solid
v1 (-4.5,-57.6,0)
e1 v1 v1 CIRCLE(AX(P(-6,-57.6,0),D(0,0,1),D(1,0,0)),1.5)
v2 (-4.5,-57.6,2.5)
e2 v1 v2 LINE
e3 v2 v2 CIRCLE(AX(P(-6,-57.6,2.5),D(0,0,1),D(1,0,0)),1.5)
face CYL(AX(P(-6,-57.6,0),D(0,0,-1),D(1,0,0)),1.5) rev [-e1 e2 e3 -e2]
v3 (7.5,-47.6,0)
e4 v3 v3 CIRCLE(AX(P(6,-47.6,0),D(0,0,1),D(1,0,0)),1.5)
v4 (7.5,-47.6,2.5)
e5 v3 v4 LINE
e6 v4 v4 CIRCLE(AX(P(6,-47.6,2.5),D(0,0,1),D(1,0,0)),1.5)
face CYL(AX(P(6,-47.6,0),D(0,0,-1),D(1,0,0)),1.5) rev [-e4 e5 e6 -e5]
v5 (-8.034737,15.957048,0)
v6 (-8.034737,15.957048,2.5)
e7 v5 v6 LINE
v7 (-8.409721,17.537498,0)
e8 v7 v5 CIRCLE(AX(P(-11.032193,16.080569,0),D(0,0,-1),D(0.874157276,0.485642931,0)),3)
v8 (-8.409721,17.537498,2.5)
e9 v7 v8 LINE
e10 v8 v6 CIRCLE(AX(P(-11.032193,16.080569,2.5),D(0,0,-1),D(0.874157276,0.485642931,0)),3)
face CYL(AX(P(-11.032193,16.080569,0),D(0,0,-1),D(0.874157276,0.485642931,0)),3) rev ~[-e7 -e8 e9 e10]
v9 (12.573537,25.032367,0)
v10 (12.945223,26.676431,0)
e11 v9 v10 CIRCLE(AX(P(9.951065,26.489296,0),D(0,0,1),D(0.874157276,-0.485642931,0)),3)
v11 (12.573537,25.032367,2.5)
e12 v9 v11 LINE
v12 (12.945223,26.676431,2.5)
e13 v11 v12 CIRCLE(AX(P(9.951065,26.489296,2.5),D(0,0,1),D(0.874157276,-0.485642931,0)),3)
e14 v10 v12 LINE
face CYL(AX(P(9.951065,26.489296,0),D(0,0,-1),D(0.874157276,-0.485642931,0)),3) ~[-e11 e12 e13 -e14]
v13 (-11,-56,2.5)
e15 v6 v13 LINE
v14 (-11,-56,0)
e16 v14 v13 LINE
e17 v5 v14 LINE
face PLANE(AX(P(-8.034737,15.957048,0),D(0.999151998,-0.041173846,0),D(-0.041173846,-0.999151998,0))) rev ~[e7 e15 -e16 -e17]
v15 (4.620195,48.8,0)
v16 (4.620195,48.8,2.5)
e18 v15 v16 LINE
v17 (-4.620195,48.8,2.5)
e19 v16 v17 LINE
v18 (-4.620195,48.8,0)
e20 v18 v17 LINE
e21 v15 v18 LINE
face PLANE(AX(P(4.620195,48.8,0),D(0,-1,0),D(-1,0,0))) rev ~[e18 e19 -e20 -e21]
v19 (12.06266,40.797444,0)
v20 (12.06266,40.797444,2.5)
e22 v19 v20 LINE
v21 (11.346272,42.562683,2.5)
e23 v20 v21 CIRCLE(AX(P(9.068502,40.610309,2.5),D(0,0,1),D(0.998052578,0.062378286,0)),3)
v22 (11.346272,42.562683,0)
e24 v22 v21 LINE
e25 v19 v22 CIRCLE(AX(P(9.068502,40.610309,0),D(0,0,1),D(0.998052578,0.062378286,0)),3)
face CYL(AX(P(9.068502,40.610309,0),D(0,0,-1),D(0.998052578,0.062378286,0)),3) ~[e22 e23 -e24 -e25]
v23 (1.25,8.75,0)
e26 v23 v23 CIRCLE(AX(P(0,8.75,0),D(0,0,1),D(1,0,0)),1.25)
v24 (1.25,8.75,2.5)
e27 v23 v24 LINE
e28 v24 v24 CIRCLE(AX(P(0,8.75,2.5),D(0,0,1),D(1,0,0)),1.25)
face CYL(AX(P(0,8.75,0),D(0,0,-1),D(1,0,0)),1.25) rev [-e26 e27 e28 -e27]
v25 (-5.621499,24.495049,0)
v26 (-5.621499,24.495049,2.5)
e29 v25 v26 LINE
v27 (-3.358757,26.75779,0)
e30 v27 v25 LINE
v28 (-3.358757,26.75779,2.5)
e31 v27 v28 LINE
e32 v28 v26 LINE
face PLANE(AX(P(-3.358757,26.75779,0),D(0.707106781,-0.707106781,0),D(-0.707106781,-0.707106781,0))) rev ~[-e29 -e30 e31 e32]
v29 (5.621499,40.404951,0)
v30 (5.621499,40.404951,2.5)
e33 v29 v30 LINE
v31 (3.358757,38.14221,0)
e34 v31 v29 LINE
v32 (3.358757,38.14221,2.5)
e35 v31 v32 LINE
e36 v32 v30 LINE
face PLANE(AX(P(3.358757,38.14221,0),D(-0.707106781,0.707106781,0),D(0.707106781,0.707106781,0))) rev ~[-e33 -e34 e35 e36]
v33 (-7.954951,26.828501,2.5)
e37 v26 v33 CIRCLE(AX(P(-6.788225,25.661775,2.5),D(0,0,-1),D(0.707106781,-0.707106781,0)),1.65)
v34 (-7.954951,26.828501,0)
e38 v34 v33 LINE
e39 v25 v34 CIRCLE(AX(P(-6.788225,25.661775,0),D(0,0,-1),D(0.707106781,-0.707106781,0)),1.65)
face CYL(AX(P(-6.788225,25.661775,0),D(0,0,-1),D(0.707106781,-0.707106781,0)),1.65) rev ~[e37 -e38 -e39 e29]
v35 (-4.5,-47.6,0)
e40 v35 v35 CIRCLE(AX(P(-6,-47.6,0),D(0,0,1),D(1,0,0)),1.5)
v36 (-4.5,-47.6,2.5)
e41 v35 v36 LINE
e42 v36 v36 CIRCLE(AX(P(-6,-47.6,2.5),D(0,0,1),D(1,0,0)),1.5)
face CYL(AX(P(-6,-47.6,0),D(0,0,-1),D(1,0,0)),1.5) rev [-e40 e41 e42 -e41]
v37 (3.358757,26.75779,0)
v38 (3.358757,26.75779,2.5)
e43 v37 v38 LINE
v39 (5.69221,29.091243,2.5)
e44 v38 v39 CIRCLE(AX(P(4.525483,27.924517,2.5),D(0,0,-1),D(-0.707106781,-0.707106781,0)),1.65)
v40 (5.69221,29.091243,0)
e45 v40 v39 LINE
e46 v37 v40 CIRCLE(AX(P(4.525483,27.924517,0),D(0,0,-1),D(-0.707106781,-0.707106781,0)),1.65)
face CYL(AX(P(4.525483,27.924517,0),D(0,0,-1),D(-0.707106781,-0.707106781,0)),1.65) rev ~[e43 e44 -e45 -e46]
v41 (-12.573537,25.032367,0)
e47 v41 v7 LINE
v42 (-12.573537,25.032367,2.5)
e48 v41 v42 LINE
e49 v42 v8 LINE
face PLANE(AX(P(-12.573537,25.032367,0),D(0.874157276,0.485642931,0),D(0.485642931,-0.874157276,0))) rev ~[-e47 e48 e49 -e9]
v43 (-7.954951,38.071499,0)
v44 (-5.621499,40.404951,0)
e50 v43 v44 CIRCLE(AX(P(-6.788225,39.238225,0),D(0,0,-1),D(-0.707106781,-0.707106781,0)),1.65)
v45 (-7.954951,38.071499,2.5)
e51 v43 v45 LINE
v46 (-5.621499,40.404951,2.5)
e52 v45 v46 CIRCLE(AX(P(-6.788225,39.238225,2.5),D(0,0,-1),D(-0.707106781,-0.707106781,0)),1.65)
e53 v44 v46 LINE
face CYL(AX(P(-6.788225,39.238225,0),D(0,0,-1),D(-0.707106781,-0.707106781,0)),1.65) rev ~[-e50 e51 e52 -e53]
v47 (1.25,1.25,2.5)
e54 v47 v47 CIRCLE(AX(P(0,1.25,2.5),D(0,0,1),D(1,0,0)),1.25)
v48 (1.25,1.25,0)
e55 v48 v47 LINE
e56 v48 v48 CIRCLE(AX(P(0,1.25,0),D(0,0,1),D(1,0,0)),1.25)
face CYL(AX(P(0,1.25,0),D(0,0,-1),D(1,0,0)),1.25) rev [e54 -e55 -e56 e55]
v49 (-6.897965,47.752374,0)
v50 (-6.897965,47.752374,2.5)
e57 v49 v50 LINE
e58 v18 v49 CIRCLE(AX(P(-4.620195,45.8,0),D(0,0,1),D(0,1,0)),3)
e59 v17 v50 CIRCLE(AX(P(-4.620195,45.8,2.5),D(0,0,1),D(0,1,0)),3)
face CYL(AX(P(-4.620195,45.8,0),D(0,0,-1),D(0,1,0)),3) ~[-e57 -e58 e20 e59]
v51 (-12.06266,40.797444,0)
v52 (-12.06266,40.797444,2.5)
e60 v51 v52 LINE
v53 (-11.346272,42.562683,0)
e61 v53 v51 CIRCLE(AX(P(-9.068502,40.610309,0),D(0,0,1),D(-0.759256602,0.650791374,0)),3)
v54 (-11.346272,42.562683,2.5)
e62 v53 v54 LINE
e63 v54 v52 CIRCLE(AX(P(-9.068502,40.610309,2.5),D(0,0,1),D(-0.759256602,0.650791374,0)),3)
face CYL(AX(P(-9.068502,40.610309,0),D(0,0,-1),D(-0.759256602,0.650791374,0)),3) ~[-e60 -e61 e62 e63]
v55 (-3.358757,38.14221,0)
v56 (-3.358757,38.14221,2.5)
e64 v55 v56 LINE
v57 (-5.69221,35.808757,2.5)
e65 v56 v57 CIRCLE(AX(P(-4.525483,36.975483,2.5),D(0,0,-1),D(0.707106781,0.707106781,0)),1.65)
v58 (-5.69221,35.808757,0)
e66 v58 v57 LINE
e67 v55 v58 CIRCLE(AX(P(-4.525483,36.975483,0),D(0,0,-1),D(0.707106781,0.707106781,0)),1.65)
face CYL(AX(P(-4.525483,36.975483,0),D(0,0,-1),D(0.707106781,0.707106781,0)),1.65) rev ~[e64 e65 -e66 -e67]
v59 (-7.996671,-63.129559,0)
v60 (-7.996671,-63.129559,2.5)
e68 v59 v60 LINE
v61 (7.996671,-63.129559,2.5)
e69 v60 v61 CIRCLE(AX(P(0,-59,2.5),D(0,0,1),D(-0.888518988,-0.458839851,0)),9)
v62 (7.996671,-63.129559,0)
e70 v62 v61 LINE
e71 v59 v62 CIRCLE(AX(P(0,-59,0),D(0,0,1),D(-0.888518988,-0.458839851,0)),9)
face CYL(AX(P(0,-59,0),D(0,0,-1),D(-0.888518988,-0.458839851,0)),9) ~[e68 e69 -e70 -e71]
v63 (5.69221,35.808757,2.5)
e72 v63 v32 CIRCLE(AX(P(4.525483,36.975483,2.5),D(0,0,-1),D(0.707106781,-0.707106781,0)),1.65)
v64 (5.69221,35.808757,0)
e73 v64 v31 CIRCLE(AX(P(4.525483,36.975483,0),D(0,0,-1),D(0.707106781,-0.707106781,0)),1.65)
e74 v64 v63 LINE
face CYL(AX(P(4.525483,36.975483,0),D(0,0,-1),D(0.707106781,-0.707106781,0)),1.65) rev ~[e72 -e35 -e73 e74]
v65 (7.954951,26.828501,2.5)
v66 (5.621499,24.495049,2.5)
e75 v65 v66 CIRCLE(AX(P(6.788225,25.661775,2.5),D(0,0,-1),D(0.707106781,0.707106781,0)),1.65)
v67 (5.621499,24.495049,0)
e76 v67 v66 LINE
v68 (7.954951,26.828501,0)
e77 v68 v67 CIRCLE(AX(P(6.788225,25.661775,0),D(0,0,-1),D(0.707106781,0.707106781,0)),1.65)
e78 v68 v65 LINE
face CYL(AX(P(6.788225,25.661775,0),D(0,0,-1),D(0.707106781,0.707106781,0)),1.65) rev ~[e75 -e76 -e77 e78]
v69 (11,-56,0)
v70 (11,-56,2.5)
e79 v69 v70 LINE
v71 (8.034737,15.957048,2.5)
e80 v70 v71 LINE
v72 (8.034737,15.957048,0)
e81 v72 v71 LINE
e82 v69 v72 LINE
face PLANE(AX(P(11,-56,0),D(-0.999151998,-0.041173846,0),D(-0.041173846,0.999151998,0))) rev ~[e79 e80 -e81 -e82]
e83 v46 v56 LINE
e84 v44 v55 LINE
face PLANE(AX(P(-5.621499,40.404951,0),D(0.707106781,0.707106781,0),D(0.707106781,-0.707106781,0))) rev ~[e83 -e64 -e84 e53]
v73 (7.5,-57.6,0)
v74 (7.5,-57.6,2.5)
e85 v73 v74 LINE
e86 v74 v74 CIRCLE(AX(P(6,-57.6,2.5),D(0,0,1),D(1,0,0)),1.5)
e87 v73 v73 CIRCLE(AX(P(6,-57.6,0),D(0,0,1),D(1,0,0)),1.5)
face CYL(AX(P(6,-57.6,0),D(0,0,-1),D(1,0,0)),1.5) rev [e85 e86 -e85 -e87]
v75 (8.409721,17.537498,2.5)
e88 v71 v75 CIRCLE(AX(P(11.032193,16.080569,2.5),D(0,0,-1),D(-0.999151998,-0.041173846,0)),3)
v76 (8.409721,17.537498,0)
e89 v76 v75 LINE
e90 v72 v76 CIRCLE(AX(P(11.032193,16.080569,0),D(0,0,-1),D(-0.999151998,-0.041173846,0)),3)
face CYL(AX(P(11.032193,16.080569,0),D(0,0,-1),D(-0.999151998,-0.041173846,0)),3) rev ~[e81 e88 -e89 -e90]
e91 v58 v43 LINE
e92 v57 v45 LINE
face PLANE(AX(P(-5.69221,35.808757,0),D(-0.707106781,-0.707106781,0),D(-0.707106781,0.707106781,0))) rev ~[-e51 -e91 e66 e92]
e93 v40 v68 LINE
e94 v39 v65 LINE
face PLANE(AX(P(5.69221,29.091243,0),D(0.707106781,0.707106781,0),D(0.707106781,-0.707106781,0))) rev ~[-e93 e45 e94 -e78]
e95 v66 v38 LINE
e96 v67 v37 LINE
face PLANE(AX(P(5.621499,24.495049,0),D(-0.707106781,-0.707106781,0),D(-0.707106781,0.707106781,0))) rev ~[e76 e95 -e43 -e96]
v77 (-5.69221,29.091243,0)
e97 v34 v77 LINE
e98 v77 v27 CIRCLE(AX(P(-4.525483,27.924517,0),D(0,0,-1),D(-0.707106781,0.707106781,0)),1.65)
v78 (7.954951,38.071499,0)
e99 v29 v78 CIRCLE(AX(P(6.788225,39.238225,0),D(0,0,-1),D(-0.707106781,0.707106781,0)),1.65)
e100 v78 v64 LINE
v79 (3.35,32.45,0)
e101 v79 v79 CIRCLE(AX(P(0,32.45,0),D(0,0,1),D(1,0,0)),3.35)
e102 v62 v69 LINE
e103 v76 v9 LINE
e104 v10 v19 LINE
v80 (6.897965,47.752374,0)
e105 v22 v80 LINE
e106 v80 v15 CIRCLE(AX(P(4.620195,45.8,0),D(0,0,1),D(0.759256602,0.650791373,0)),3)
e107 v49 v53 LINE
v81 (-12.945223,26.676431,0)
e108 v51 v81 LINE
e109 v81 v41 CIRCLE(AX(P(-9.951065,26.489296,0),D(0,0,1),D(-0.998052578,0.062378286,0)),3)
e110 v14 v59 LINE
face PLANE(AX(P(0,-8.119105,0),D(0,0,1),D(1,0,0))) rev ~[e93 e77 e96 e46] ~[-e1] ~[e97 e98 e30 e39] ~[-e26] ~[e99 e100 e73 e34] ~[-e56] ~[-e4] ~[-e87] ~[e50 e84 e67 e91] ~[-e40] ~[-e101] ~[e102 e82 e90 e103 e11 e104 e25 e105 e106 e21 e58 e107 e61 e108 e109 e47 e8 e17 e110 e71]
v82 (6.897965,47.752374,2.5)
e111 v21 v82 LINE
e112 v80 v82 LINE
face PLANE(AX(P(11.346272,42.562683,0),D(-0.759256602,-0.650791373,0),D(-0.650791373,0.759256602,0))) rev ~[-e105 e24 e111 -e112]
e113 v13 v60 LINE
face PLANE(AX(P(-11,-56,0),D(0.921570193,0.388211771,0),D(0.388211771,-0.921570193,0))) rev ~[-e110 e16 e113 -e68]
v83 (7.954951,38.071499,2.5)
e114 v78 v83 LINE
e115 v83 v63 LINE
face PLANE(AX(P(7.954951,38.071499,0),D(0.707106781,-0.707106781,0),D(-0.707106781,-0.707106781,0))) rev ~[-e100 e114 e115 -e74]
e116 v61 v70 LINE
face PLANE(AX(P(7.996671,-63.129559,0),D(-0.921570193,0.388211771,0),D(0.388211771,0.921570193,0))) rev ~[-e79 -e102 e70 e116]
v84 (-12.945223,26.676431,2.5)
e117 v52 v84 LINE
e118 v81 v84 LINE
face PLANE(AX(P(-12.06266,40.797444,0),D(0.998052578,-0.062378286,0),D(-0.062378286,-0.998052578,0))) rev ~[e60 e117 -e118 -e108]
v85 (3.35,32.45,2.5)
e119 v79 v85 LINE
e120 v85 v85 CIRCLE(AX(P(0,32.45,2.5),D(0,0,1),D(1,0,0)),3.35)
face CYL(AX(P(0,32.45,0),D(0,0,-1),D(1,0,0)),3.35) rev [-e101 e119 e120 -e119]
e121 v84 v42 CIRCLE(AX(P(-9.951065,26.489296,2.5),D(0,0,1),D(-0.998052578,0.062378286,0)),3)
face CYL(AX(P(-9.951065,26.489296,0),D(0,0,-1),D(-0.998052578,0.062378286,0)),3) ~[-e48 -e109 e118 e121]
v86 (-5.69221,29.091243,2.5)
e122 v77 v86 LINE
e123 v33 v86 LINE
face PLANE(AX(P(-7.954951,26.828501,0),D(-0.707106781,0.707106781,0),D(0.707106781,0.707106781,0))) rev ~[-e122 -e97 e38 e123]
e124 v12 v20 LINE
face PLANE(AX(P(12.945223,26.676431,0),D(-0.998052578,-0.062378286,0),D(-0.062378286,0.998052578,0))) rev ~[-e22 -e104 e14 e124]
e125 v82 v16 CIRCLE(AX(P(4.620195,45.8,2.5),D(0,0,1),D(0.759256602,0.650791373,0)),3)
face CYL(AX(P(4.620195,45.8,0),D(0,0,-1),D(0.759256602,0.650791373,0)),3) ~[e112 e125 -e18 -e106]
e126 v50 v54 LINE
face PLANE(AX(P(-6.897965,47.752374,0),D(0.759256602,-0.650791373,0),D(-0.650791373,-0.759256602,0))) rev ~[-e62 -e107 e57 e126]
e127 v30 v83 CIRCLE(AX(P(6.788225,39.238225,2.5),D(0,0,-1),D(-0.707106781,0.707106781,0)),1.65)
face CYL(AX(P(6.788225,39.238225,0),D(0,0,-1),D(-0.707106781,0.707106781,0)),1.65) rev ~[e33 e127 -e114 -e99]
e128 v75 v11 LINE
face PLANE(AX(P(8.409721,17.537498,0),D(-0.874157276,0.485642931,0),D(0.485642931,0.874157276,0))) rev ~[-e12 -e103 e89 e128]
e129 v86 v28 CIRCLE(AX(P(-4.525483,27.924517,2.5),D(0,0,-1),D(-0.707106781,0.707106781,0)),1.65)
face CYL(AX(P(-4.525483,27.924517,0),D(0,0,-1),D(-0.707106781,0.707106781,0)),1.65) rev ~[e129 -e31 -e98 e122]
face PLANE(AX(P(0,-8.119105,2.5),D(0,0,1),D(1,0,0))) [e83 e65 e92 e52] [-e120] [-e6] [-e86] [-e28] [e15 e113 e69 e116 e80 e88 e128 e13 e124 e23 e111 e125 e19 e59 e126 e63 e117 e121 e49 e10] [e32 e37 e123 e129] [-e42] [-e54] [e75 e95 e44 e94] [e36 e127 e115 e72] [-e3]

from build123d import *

# Parameters (mm, degrees)
F0_R     = 1.5
F0_R_2   = 1.25
F0_R_3   = 3.35
F1_DEPTH = 2.5


with BuildPart() as f1:
    # F0 (on Top) → F1 (new body)
    with BuildSketch(Plane.XY):
        with BuildLine():
            Line((-8.0347370397, 15.957047836), (-11, -56))
            Line((-11, -56), (-7.9966708881, -63.1295586577))
            ThreePointArc((-7.9966708881, -63.1295586577), (0, -68), (7.9966708881, -63.1295586577))
            Line((7.9966708881, -63.1295586577), (11, -56))
            Line((11, -56), (8.0347370397, 15.957047836))
            ThreePointArc((8.0347370397, 15.957047836), (8.1132286629, 16.7731349004), (8.4097212043, 17.5374981677))
            Line((8.4097212043, 17.5374981677), (12.5735371817, 25.0323669271))
            ThreePointArc((12.5735371817, 25.0323669271), (12.8772178164, 25.8277582971), (12.9452230888, 26.6764305791))
            Line((12.9452230888, 26.6764305791), (12.0626597761, 40.7974435824))
            ThreePointArc((12.0626597761, 40.7974435824), (11.8483082239, 41.738438851), (11.3462718477, 42.5626828443))
            Line((11.3462718477, 42.5626828443), (6.8979650397, 47.7523741204))
            ThreePointArc((6.8979650397, 47.7523741204), (5.8737656612, 48.5255386955), (4.6201952326, 48.8))
            Line((4.6201952326, 48.8), (-4.6201952326, 48.8))
            ThreePointArc((-4.6201952326, 48.8), (-5.8737656612, 48.5255386955), (-6.8979650397, 47.7523741204))
            Line((-6.8979650397, 47.7523741204), (-11.3462718477, 42.5626828443))
            ThreePointArc((-11.3462718477, 42.5626828443), (-11.8483082239, 41.738438851), (-12.0626597761, 40.7974435824))
            Line((-12.0626597761, 40.7974435824), (-12.9452230888, 26.6764305791))
            ThreePointArc((-12.9452230888, 26.6764305791), (-12.8772178164, 25.8277582971), (-12.5735371817, 25.0323669271))
            Line((-12.5735371817, 25.0323669271), (-8.4097212043, 17.5374981677))
            ThreePointArc((-8.4097212043, 17.5374981677), (-8.1132286629, 16.7731349004), (-8.0347370397, 15.957047836))
        make_face()
        with Locations((-6, -57.6)):
            Circle(F0_R, mode=Mode.SUBTRACT)
        with Locations((-6, -47.6)):
            Circle(F0_R, mode=Mode.SUBTRACT)
        with Locations((6, -57.6)):
            Circle(F0_R, mode=Mode.SUBTRACT)
        with Locations((6, -47.6)):
            Circle(F0_R, mode=Mode.SUBTRACT)
        with Locations((0, 1.25)):
            Circle(F0_R_2, mode=Mode.SUBTRACT)
        with Locations((0, 8.75)):
            Circle(F0_R_2, mode=Mode.SUBTRACT)
        with BuildLine():
            Line((-7.9549512883, 26.8285010896), (-5.6922095886, 29.0912427894))
            ThreePointArc((-5.6922095886, 29.0912427894), (-3.3587572106, 29.0912427894), (-3.3587572106, 26.7577904114))
            Line((-3.3587572106, 26.7577904114), (-5.6214989104, 24.4950487117))
            ThreePointArc((-5.6214989104, 24.4950487117), (-7.9549512883, 24.4950487117), (-7.9549512883, 26.8285010896))
        make_face(mode=Mode.SUBTRACT)
        with Locations((0, 32.45)):
            Circle(F0_R_3, mode=Mode.SUBTRACT)
        with BuildLine():
            Line((-5.6214989104, 40.4049512883), (-3.3587572106, 38.1422095886))
            ThreePointArc((-3.3587572106, 38.1422095886), (-3.3587572106, 35.8087572106), (-5.6922095886, 35.8087572106))
            Line((-5.6922095886, 35.8087572106), (-7.9549512883, 38.0714989104))
            ThreePointArc((-7.9549512883, 38.0714989104), (-7.9549512883, 40.4049512883), (-5.6214989104, 40.4049512883))
        make_face(mode=Mode.SUBTRACT)
        with BuildLine():
            Line((5.6214989104, 24.4950487117), (3.3587572106, 26.7577904114))
            ThreePointArc((3.3587572106, 26.7577904114), (3.3587572106, 29.0912427894), (5.6922095886, 29.0912427894))
            Line((5.6922095886, 29.0912427894), (7.9549512883, 26.8285010896))
            ThreePointArc((7.9549512883, 26.8285010896), (7.9549512883, 24.4950487117), (5.6214989104, 24.4950487117))
        make_face(mode=Mode.SUBTRACT)
        with BuildLine():
            Line((7.9549512883, 38.0714989104), (5.6922095886, 35.8087572106))
            ThreePointArc((5.6922095886, 35.8087572106), (3.3587572106, 35.8087572106), (3.3587572106, 38.1422095886))
            Line((3.3587572106, 38.1422095886), (5.6214989104, 40.4049512883))
            ThreePointArc((5.6214989104, 40.4049512883), (7.9549512883, 40.4049512883), (7.9549512883, 38.0714989104))
        make_face(mode=Mode.SUBTRACT)
    extrude(amount=F1_DEPTH)


solid = f1.part
